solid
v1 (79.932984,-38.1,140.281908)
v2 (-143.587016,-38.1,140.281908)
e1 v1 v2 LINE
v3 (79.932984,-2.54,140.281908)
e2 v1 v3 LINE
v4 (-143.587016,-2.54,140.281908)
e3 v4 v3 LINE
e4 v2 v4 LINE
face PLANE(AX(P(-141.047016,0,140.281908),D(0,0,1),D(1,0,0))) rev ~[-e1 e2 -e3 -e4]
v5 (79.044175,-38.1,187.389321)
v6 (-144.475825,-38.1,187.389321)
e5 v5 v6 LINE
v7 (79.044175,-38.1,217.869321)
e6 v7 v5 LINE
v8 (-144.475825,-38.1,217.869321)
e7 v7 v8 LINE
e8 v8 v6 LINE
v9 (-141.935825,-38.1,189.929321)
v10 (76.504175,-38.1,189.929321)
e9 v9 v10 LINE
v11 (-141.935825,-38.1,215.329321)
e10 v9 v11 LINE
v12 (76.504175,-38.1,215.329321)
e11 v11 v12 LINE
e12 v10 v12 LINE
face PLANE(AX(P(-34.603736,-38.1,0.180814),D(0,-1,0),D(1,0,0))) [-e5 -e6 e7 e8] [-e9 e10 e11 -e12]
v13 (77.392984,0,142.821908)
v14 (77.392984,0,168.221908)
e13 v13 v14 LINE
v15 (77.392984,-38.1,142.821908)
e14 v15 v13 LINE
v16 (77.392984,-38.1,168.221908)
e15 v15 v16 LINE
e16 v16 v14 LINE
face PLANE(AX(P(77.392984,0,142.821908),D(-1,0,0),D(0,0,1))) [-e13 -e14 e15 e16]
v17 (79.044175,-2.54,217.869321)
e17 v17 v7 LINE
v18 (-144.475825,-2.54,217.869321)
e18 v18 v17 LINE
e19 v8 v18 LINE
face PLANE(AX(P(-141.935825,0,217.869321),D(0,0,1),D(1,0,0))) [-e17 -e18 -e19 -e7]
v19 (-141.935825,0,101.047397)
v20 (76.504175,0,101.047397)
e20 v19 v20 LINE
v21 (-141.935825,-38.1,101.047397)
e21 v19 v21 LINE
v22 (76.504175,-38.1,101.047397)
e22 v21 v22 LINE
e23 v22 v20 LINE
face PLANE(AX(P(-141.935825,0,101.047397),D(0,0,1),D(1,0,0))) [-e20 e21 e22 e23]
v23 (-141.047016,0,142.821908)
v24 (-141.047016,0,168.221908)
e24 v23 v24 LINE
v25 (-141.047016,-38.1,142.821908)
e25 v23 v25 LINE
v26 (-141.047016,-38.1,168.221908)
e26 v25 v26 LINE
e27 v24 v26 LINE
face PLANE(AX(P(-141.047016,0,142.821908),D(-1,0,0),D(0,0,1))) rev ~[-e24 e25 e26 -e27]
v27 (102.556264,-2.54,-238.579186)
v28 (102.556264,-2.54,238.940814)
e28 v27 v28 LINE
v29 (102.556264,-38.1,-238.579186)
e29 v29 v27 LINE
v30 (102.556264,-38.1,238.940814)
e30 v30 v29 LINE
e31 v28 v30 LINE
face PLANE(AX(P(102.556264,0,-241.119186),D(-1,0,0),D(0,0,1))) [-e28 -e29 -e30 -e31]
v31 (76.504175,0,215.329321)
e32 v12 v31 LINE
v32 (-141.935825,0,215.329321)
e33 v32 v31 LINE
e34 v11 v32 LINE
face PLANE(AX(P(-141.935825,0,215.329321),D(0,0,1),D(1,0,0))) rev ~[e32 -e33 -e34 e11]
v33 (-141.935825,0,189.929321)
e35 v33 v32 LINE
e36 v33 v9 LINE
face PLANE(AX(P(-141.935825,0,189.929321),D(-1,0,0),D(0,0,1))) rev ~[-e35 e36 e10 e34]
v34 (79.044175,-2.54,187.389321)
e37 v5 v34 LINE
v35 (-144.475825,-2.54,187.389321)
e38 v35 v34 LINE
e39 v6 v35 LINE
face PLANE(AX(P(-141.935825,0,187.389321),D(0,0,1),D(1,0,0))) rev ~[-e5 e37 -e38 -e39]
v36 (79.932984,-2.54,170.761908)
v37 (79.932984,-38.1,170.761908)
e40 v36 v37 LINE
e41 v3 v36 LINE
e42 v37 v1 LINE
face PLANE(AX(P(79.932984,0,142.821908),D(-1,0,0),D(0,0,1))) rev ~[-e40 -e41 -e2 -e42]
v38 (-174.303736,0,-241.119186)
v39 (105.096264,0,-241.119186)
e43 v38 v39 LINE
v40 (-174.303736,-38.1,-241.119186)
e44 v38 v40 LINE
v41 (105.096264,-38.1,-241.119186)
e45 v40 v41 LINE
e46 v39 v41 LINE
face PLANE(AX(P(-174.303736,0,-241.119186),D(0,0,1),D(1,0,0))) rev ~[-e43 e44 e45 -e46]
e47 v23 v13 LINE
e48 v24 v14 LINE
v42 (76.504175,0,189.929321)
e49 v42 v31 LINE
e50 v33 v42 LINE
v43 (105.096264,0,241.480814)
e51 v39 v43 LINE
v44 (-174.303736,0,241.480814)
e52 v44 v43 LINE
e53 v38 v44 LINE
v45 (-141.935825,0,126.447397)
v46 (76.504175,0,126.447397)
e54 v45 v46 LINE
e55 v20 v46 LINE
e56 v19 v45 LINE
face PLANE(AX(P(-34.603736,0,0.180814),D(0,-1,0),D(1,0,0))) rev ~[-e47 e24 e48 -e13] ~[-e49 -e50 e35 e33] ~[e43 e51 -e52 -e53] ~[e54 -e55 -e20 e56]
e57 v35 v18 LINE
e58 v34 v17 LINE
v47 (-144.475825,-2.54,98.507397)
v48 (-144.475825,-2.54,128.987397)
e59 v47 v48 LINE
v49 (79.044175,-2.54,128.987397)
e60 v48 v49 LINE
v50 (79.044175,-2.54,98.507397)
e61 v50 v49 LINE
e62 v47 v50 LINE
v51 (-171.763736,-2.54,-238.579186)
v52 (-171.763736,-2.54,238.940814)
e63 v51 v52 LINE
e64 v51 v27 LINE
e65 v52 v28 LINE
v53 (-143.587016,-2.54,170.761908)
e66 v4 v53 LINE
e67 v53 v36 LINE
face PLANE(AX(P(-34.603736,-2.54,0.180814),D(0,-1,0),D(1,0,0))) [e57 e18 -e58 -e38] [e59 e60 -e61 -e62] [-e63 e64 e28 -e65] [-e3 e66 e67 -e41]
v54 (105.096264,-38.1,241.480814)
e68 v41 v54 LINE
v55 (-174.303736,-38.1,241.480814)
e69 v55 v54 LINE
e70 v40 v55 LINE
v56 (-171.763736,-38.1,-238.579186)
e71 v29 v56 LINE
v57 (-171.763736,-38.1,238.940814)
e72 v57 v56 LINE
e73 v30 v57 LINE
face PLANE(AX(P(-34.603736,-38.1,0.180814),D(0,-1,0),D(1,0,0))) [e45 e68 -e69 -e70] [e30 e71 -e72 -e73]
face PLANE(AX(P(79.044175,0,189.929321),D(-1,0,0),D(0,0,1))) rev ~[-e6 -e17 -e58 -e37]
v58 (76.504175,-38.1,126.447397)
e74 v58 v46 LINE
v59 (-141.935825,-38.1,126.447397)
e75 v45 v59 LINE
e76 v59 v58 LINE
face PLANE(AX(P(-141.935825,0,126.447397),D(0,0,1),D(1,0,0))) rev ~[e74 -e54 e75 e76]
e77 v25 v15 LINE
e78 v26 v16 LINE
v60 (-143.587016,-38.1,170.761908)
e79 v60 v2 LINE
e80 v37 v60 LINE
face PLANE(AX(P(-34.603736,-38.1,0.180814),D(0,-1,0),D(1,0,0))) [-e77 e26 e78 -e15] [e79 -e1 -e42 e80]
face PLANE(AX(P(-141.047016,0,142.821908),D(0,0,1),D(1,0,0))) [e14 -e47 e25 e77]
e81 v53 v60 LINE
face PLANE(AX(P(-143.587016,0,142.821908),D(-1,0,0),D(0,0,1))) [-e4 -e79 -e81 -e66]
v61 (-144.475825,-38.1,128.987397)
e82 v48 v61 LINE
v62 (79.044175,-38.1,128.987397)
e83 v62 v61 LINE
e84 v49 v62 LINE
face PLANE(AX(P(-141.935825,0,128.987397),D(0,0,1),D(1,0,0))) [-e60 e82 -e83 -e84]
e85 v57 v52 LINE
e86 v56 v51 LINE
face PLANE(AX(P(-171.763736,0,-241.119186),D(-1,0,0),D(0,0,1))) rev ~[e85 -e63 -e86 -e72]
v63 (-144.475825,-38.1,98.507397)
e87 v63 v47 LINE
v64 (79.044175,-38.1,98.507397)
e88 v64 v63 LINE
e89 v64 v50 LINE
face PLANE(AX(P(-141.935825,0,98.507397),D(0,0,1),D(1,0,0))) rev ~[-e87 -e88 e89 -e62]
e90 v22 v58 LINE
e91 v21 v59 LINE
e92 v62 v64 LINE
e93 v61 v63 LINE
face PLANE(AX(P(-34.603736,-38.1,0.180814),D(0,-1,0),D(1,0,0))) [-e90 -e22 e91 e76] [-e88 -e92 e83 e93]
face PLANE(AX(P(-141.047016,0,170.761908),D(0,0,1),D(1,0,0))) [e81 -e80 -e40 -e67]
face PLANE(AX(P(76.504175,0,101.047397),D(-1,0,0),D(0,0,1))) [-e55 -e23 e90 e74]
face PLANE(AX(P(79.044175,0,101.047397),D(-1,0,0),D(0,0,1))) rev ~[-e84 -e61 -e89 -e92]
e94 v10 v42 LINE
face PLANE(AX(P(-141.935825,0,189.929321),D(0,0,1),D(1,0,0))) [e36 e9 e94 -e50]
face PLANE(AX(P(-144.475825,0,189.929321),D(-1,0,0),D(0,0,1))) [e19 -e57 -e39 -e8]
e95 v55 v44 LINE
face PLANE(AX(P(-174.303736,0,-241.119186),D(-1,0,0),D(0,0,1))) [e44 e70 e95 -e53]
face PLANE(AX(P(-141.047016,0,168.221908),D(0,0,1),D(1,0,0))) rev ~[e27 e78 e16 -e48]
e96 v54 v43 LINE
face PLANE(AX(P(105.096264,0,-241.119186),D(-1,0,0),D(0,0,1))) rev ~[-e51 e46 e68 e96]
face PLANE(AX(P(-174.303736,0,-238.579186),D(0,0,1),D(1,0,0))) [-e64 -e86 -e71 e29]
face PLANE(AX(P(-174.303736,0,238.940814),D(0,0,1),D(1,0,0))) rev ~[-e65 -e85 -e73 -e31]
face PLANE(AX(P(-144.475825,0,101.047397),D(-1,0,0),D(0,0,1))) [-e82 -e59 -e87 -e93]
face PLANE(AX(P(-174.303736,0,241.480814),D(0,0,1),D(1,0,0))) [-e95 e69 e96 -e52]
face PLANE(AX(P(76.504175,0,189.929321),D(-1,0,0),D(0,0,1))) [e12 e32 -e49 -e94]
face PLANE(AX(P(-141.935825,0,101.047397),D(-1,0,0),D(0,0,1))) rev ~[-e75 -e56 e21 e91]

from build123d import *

# Parameters (mm, degrees)
F0_W     = 279.4
F0_H     = 482.6
F0_W_2   = 218.44
F0_H_2   = 25.4
F1_DEPTH = 38.1
F2_DEPTH = 25.4
F3_T     = -2.54


with BuildPart() as f1:
    # F0 (on Front) → F1 (new body)
    with BuildSketch(Plane.XZ):
        with Locations((-34.6037362662, 0.1808144152)):
            Rectangle(F0_W, F0_H)
        with Locations((-32.7158253479, 113.7473966599)):
            Rectangle(F0_W_2, F0_H_2, mode=Mode.SUBTRACT)
        with Locations((-31.8270157862, 155.5219079971)):
            Rectangle(F0_W_2, F0_H_2, mode=Mode.SUBTRACT)
        with Locations((-32.7158253479, 202.6293214083)):
            Rectangle(F0_W_2, F0_H_2, mode=Mode.SUBTRACT)
    extrude(amount=F1_DEPTH)

    # F0 (on Front) → F2 (join)
    with BuildSketch(Plane.XZ):
        with Locations((-34.6037362662, 0.1808144152)):
            Rectangle(F0_W, F0_H)
        with Locations((-32.7158253479, 113.7473966599)):
            Rectangle(F0_W_2, F0_H_2, mode=Mode.SUBTRACT)
        with Locations((-31.8270157862, 155.5219079971)):
            Rectangle(F0_W_2, F0_H_2, mode=Mode.SUBTRACT)
        with Locations((-32.7158253479, 202.6293214083)):
            Rectangle(F0_W_2, F0_H_2, mode=Mode.SUBTRACT)
    extrude(amount=F2_DEPTH)

    # F3
    f3_openings = [f1.faces().sort_by_distance(p)[0] for p in [
        (-34.911334, -38.1, -21.946168),
    ]]
    offset(amount=F3_T, openings=f3_openings, kind=Kind.INTERSECTION)


solid = f1.part
